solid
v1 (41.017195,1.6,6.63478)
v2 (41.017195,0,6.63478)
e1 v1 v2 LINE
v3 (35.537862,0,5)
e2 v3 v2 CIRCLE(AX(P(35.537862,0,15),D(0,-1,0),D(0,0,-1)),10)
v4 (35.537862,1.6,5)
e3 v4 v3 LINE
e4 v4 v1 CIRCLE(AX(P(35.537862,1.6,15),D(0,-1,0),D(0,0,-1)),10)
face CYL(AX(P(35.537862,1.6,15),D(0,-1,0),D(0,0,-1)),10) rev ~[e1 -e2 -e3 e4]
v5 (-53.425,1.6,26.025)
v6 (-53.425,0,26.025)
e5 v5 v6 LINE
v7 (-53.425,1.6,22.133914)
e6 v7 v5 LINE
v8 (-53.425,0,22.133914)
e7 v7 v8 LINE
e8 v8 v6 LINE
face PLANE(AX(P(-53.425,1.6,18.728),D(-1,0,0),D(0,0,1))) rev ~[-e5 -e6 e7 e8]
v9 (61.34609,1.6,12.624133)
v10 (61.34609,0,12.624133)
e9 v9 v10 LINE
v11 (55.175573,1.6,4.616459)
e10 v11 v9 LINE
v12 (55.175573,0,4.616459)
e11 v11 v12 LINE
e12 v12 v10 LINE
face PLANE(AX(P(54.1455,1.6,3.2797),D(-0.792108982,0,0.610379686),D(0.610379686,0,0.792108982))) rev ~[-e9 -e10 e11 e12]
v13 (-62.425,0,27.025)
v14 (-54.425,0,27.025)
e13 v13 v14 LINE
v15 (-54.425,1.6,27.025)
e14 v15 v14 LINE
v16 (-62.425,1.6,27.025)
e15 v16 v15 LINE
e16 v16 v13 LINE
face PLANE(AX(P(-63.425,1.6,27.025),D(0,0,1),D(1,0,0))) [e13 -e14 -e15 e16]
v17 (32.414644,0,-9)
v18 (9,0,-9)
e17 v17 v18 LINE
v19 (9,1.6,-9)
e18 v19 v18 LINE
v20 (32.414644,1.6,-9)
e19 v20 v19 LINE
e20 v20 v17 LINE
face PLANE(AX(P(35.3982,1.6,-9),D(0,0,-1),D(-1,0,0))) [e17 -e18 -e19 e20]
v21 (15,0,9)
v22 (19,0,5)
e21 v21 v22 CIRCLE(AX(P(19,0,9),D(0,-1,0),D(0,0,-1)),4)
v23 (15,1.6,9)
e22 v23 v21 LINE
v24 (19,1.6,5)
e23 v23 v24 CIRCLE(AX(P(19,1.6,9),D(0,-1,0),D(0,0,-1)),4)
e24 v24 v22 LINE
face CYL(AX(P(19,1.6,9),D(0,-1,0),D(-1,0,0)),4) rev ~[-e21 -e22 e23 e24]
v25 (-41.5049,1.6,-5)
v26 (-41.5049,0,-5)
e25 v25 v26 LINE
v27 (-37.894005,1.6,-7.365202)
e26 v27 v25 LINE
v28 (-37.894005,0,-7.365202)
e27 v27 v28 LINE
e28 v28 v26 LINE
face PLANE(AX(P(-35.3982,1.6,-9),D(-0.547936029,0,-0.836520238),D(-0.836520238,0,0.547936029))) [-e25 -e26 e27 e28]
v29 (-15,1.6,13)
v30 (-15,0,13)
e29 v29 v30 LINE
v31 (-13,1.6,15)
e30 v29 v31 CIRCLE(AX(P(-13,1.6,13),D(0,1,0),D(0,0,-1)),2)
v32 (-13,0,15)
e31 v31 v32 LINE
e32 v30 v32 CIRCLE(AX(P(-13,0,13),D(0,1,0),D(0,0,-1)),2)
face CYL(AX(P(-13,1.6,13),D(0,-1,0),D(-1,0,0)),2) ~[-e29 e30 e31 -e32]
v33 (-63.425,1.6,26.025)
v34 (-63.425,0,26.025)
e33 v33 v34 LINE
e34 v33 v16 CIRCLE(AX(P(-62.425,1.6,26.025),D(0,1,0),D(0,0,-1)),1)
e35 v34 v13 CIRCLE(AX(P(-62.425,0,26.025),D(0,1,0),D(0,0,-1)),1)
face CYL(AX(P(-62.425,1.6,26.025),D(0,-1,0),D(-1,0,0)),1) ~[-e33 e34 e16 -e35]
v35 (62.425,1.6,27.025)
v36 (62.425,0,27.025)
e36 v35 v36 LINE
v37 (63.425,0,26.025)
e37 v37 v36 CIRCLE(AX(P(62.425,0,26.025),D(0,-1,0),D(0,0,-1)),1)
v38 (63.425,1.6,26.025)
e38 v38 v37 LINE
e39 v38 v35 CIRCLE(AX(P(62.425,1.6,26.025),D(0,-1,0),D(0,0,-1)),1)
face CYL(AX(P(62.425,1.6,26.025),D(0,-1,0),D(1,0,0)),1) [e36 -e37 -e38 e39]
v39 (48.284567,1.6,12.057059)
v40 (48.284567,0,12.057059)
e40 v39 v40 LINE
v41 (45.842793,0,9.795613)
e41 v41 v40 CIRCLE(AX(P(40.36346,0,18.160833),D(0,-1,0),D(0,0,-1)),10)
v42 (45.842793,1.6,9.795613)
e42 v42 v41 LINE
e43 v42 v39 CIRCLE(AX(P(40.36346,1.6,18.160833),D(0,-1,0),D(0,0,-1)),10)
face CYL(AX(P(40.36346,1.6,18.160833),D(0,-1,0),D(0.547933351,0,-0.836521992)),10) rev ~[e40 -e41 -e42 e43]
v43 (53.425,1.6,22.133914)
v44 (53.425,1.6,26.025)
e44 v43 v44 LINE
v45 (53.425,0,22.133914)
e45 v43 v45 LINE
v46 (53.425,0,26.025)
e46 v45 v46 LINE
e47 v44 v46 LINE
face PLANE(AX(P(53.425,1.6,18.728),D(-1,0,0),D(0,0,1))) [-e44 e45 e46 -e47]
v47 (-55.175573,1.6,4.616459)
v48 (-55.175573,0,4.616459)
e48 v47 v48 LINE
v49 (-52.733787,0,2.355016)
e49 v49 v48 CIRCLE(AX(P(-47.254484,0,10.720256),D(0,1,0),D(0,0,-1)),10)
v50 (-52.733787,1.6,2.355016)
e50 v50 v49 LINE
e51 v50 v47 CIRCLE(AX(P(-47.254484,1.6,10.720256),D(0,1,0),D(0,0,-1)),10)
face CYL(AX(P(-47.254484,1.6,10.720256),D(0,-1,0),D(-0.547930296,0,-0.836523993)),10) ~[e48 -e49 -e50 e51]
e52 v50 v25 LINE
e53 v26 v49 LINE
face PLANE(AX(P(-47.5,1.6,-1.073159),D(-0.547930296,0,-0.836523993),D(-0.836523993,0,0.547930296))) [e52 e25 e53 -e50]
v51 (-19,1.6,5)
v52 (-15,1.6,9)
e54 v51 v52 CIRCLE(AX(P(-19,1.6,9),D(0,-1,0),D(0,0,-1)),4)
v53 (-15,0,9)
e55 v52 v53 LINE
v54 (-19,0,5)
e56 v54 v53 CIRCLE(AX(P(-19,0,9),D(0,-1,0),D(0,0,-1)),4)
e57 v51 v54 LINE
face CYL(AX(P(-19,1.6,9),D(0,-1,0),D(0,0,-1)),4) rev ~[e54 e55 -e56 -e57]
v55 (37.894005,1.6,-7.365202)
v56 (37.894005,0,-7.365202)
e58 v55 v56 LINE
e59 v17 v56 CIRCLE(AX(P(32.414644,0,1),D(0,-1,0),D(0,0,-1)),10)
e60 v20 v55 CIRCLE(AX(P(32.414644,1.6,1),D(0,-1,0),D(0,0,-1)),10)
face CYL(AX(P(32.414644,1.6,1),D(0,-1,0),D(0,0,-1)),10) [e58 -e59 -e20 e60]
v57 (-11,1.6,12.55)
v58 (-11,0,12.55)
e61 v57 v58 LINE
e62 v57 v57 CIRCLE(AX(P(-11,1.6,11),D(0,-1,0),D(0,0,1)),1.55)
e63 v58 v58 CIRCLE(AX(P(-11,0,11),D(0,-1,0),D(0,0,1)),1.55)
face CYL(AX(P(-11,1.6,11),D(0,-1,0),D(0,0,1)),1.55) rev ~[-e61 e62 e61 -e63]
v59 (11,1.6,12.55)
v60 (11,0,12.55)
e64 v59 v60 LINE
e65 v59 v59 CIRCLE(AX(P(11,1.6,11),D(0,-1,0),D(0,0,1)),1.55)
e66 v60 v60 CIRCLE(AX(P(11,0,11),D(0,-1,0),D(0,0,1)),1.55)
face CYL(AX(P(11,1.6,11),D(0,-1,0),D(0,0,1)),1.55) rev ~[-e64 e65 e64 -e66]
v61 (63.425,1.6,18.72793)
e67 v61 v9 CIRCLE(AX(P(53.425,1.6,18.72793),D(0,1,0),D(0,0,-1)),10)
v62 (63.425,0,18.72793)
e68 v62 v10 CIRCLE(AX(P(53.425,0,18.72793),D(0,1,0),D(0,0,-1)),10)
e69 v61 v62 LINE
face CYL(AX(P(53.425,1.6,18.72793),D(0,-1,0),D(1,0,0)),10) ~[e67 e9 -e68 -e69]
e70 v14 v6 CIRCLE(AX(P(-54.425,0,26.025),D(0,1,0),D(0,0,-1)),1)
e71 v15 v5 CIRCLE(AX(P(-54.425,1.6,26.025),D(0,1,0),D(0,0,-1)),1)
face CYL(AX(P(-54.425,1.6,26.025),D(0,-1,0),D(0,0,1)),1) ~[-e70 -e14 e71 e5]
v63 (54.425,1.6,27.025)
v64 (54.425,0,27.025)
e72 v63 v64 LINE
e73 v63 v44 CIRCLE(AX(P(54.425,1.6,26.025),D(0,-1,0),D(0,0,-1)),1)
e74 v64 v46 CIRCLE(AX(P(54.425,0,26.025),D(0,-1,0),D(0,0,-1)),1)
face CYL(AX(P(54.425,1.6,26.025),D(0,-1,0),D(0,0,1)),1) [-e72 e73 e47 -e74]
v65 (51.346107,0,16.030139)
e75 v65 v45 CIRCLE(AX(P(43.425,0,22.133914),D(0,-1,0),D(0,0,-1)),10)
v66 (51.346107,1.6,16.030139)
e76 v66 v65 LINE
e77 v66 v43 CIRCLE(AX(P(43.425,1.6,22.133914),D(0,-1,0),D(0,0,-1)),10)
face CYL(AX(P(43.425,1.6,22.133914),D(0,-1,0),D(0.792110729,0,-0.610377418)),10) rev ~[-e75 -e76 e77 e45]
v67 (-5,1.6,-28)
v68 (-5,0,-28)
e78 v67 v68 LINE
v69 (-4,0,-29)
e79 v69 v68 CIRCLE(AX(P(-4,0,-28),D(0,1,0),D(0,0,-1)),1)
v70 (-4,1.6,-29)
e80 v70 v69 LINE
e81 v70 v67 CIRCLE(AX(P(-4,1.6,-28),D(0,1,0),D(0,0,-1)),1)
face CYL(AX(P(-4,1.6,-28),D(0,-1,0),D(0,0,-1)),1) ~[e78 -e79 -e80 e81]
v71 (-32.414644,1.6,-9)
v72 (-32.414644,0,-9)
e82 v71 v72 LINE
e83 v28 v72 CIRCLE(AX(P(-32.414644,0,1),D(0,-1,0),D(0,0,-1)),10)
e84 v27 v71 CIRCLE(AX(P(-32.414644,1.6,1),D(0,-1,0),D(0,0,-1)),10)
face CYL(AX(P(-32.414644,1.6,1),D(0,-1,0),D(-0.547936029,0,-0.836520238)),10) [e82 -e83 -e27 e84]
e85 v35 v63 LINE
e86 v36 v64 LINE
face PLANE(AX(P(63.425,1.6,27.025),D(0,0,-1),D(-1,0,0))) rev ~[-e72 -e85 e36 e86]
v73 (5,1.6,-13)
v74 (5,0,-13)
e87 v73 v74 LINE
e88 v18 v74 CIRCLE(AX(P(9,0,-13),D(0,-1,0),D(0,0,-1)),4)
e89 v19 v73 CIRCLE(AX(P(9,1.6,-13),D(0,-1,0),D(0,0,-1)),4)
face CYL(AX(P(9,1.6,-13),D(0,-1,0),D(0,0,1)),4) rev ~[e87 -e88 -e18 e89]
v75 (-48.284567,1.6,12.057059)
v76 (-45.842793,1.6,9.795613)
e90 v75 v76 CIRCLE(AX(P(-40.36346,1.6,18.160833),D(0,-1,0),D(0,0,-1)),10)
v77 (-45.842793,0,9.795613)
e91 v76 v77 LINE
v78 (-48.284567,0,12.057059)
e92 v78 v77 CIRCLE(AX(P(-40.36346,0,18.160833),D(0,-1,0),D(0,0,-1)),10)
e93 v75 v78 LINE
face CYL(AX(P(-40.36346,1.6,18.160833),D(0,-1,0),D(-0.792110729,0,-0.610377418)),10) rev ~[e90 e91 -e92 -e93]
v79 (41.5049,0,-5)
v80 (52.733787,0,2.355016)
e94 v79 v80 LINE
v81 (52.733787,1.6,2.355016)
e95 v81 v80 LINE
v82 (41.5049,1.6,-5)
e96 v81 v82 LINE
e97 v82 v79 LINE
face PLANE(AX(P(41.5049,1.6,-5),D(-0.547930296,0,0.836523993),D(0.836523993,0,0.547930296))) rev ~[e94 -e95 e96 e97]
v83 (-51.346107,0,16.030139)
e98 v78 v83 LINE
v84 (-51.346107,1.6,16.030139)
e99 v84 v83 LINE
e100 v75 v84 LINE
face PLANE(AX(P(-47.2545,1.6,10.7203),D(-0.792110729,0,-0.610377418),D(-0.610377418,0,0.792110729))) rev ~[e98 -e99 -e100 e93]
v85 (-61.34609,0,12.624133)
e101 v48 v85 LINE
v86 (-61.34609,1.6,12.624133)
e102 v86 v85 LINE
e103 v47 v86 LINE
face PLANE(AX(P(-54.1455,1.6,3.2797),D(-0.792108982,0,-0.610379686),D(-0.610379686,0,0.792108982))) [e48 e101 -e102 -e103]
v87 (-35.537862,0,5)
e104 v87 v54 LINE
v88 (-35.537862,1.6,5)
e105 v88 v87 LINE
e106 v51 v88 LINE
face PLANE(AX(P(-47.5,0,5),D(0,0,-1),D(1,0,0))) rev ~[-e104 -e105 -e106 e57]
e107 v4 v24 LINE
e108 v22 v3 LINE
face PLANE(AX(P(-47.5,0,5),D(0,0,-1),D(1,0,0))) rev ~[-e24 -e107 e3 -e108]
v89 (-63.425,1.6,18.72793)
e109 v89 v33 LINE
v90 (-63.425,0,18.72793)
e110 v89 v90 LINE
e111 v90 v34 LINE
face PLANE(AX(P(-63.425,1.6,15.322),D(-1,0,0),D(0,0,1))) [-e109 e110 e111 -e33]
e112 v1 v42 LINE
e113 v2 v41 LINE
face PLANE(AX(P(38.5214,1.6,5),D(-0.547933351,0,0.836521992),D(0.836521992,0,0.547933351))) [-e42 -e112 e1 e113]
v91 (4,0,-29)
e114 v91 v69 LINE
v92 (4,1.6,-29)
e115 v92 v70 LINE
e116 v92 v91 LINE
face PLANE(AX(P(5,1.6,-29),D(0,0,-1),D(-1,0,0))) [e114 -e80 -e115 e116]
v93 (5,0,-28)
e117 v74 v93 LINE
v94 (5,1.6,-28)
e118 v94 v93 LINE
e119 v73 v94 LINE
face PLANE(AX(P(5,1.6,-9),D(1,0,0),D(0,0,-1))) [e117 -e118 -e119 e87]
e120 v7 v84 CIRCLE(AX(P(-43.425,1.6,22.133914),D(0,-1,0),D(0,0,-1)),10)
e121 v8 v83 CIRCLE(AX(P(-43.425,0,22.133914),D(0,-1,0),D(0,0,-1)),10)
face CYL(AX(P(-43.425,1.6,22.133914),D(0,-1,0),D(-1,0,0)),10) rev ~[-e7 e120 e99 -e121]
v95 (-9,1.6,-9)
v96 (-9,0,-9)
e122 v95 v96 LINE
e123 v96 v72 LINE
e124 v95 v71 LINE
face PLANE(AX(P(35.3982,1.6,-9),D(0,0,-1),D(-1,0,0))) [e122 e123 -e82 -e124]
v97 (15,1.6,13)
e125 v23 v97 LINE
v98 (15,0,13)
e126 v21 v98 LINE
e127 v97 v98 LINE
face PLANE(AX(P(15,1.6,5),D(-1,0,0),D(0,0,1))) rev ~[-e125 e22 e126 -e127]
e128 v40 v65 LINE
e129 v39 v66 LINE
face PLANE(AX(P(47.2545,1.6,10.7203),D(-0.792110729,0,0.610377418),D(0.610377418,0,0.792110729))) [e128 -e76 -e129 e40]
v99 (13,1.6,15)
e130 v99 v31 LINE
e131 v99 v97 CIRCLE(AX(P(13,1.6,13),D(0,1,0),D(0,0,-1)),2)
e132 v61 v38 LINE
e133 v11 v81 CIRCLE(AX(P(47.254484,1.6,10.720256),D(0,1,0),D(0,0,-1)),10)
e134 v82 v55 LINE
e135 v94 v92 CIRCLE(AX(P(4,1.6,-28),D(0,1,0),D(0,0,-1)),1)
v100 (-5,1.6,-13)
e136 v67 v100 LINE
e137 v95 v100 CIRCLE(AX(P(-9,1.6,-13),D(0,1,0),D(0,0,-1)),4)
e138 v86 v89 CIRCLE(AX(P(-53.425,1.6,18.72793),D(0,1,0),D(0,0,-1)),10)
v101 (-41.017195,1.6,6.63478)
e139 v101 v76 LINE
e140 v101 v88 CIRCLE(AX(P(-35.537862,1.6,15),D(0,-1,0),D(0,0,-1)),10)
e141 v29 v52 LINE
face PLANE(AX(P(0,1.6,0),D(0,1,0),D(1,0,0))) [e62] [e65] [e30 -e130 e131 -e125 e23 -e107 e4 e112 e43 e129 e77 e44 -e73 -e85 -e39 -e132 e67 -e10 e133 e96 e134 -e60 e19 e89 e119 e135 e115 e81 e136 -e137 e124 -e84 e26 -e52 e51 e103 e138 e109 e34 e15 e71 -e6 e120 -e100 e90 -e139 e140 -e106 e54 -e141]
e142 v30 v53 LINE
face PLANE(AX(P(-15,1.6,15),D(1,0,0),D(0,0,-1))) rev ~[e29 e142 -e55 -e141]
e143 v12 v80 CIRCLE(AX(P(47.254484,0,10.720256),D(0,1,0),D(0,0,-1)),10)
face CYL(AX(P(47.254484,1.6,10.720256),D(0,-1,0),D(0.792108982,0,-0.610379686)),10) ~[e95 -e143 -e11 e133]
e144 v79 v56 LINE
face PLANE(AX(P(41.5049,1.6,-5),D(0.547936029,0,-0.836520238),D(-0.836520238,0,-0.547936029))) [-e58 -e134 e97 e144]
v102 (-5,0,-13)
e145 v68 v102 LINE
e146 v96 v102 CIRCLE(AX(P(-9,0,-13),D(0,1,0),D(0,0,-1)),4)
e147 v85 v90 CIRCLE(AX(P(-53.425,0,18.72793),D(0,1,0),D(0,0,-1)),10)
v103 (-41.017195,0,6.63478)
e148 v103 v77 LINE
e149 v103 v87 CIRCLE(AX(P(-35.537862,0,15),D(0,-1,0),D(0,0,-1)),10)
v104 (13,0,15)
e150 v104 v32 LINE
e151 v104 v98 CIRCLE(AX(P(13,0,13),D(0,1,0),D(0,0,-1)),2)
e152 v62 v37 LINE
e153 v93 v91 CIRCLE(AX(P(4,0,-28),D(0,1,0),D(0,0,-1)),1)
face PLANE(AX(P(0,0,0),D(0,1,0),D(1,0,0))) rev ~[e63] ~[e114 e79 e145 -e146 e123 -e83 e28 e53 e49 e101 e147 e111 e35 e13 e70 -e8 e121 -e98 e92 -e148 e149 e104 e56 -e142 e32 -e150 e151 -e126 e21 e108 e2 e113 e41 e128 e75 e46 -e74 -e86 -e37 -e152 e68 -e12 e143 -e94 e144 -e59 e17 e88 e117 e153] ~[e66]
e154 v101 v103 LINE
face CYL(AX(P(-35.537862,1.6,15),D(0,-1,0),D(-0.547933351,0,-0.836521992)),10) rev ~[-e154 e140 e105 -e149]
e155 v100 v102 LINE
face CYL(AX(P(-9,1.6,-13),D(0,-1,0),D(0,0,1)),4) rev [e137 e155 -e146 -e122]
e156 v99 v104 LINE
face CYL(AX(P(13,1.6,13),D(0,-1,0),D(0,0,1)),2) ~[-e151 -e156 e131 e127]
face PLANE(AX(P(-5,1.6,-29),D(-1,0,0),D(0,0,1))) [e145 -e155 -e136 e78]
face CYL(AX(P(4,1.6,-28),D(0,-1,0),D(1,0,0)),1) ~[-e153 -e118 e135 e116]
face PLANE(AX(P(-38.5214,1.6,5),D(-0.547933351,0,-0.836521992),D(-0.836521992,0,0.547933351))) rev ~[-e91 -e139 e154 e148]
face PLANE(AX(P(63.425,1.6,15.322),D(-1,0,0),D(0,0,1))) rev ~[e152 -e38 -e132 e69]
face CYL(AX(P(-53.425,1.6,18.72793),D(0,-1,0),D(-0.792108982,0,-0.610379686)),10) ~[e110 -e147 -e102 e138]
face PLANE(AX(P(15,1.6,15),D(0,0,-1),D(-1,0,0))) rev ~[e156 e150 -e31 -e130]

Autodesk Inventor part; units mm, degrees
ref_plane "YZ Plane" through (0, 0, 0) normal (1, 0, 0) x (0, 1, 0)
ref_plane "XZ Plane" through (0, 0, 0) normal (0, 1, 0) x (-1, 0, 0)
ref_plane "XY Plane" through (0, 0, 0) normal (0, 0, 1) x (1, 0, 0)
sketch "Szkic2" plane through (0, 0, 0) normal (0, 1, 0) x (-1, 0, 0)
  line L0 (47.5, 5) -> (-47.5, 5)
  line L1 (-47.5, 5) -> (-47.5, -5)
  line L2 (-47.5, -5) -> (47.5, -5)
  line L3 (47.5, -5) -> (47.5, 5)
  line L4 (47.5, 5) -> (-47.5, -5) construction
  line L5 (-47.5, 5) -> (47.5, -5) construction
  line L6 (0, 24) -> (0, -27)
  point P0 (0, 0)
  dimension "d10" = 10
  dimension "d11" = 95
extrude "Wyciągnięcie proste2" add sketch "Szkic2" along normal blind 1.6
sketch "Szkic3" plane through (0, 1.6, 0) normal (0, 1, 0) x (1, 0, 0)
  line L0 (-47.5, -5) -> (47.5, -5) projected
  line L1 (47.5, -5) -> (47.5, 5) projected
  line L2 (47.5, 5) -> (-47.5, 5) projected
  line L3 (-47.5, 5) -> (-47.5, -5) projected
  line L4 (52, -8.65) -> (49.4, -5.35) construction
  line L5 (59.75, -18.7) -> (57.1, -15.35) construction
  line L6 (41.3, -1.65) -> (38.65, 1.7) construction
  line L7 (58.425, -17.025) -> (50.7, -7) construction
  line L8 (39.975, 0.025) -> (50.7, -7) construction
  line L9 (58.425, -17.025) -> (58.425, -30) construction
  line L10 (38.5214, -5) -> (47.2545, -10.7203)
  line L11 (47.2545, -10.7203) -> (53.425, -18.728)
  line L12 (53.425, -18.728) -> (53.425, -27.025)
  line L13 (41.5049, 5) -> (54.1455, -3.2797)
  line L14 (54.1455, -3.2797) -> (63.425, -15.322)
  line L15 (63.425, -15.322) -> (63.425, -27.025)
  line L16 (63.425, -27.025) -> (53.425, -27.025)
  line L17 (0, -5) -> (0, 20.232)
  line L18 (-38.5214, -5) -> (-47.2545, -10.7203)
  line L19 (-47.2545, -10.7203) -> (-53.425, -18.728)
  line L20 (-53.425, -18.728) -> (-53.425, -27.025)
  line L21 (-41.5049, 5) -> (-54.1455, -3.2797)
  line L22 (-54.1455, -3.2797) -> (-63.425, -15.322)
  line L23 (-63.425, -15.322) -> (-63.425, -27.025)
  line L24 (-63.425, -27.025) -> (-53.425, -27.025)
  point P0 (0, 0)
  point P1 (-47.5, 1.0732)
  point P2 (47.5, 1.0732)
  dimension "d17" = 5
  dimension "d18" = 5
  dimension "d19" = 10
extrude "Wyciągnięcie proste3" add sketch "Szkic3" against normal up to surface (1.6 mm away) contours L0 L18 L19 L20 L24 L23 L22 L21 L3 | L0 L1 L13 L14 L15 L16 L12 L11 L10
extrude "Wyciągnięcie proste4" cut sketch "Szkic3" against normal through all contours L3 L2 L21 | L2 L1 L13
sketch "Szkic4" plane through (0, 1.6, 0) normal (0, 1, 0) x (1, 0, 0)
  line L0 (-41.5049, 5) -> (-54.1455, -3.2797) projected
  line L1 (-54.1455, -3.2797) -> (-63.425, -15.322) projected
  line L2 (-63.425, -15.322) -> (-63.425, -27.025) projected
  line L3 (-63.425, -27.025) -> (-53.425, -27.025) projected
  line L4 (-53.425, -27.025) -> (-53.425, -18.728) projected
  line L5 (-53.425, -18.728) -> (-47.2545, -10.7203) projected
  line L6 (-47.2545, -10.7203) -> (-38.5214, -5) projected
  line L7 (-38.5214, -5) -> (38.5214, -5) projected
  line L8 (38.5214, -5) -> (47.2545, -10.7203) projected
  line L9 (47.2545, -10.7203) -> (53.425, -18.728) projected
  line L10 (53.425, -18.728) -> (53.425, -27.025) projected
  line L11 (53.425, -27.025) -> (63.425, -27.025) projected
  line L12 (63.425, -27.025) -> (63.425, -15.322) projected
  line L13 (63.425, -15.322) -> (54.1455, -3.2797) projected
  line L14 (54.1455, -3.2797) -> (41.5049, 5) projected
  line L15 (41.5049, 5) -> (-41.5049, 5) projected
  line L16 (41.5049, 5) -> (35.3982, 9)
  line L17 (35.3982, 9) -> (-35.3982, 9)
  line L18 (-35.3982, 9) -> (-41.5049, 5)
  point P0 (0, 0)
  dimension "d24" = 4
extrude "Wyciągnięcie proste5" add sketch "Szkic4" against normal up to surface (1.6 mm away) contours L18 L17 L16 L15
sketch "Szkic5" plane through (0, 1.6, 0) normal (0, 1, 0) x (1, 0, 0)
  line L0 (-35.3982, 9) -> (-54.1455, -3.2797) projected
  line L1 (-54.1455, -3.2797) -> (-63.425, -15.322) projected
  line L2 (-63.425, -15.322) -> (-63.425, -27.025) projected
  line L3 (-63.425, -27.025) -> (-53.425, -27.025) projected
  line L4 (-53.425, -27.025) -> (-53.425, -18.728) projected
  line L5 (-53.425, -18.728) -> (-47.2545, -10.7203) projected
  line L6 (-47.2545, -10.7203) -> (-38.5214, -5) projected
  line L7 (-38.5214, -5) -> (38.5214, -5) projected
  line L8 (38.5214, -5) -> (47.2545, -10.7203) projected
  line L9 (47.2545, -10.7203) -> (53.425, -18.728) projected
  line L10 (53.425, -18.728) -> (53.425, -27.025) projected
  line L11 (53.425, -27.025) -> (63.425, -27.025) projected
  line L12 (63.425, -27.025) -> (63.425, -15.322) projected
  line L13 (63.425, -15.322) -> (54.1455, -3.2797) projected
  line L14 (54.1455, -3.2797) -> (35.3982, 9) projected
  line L15 (35.3982, 9) -> (-35.3982, 9) projected
  line L16 (-15, -5) -> (15, -5)
  line L17 (15, -5) -> (15, -15)
  line L18 (15, -15) -> (-15, -15)
  line L19 (-15, -15) -> (-15, -5)
  point P0 (0, 0)
  point P1 (0, -5)
  point P2 (0, 0)
  point P3 (0, -5)
  point P4 (0, -5)
  dimension "d27" = 30
  dimension "d28" = 10
extrude "Wyciągnięcie proste6" add sketch "Szkic5" against normal up to surface (1.6 mm away) contours L7 L17 L18 L19
fillet "Zaokrąglenie1" radius 10 12 edges at (-63.425, 0.8, 15.322) (-54.1455, 0.8, 3.2797) (-35.3982, 0.8, -9) (35.3982, 0.8, -9) (54.1455, 0.8, 3.2797) (63.425, 0.8, 15.322) (-53.425, 0.8, 18.728) (-47.2545, 0.8, 10.7203) (-38.5214, 0.8, 5) (38.5214, 0.8, 5) (47.2545, 0.8, 10.7203) (53.425, 0.8, 18.728)
fillet "Zaokrąglenie2" radius 4 2 edges at (-15, 0.8, 5) (15, 0.8, 5)
fillet "Zaokrąglenie3" radius 2 2 edges at (15, 0.8, 15) (-15, 0.8, 15)
sketch "Szkic6" plane through (0, 1.6, 0) normal (0, 1, 0) x (1, 0, 0)
  line L0 (32.4146, 9) -> (-32.4146, 9) projected
  line L1 (-5, 9) -> (5, 9)
  line L2 (5, 9) -> (5, 29)
  line L3 (5, 29) -> (-5, 29)
  line L4 (-5, 29) -> (-5, 9)
  point P0 (0, 0)
  point P1 (0, 9)
  point P2 (0, 9)
  dimension "d34" = 10
  dimension "d35" = 20
extrude "Wyciągnięcie proste7" add sketch "Szkic6" against normal up to surface (1.6 mm away)
fillet "Zaokrąglenie4" radius 4 2 edges at (5, 0.8, -9) (-5, 0.8, -9)
fillet "Zaokrąglenie5" radius 1 2 edges at (5, 0.8, -29) (-5, 0.8, -29)
fillet "Zaokrąglenie6" radius 1 4 edges at (-63.425, 0.8, 27.025) (-53.425, 0.8, 27.025) (53.425, 0.8, 27.025) (63.425, 0.8, 27.025)
sketch "Szkic7" plane through (0, 1.6, 0) normal (0, 1, 0) x (1, 0, 0)
  line L0 (-13, -15) -> (13, -15) projected
  line L1 (15, -13) -> (15, -9) projected
  line L2 (-15, -9) -> (-15, -13) projected
  point P0 (0, 0)
  point P1 (-11, -11)
  point P2 (11, -11)
  dimension "d41" = 4
  dimension "d42" = 4
  dimension "d43" = 4
  dimension "d44" = 4
hole "Otwór1" at (-11, 1.6, 11) at (11, 1.6, 11) direction (0, -1, 0) diameter 3.1 depth 15 tip angle 118
properties part number "przód"
